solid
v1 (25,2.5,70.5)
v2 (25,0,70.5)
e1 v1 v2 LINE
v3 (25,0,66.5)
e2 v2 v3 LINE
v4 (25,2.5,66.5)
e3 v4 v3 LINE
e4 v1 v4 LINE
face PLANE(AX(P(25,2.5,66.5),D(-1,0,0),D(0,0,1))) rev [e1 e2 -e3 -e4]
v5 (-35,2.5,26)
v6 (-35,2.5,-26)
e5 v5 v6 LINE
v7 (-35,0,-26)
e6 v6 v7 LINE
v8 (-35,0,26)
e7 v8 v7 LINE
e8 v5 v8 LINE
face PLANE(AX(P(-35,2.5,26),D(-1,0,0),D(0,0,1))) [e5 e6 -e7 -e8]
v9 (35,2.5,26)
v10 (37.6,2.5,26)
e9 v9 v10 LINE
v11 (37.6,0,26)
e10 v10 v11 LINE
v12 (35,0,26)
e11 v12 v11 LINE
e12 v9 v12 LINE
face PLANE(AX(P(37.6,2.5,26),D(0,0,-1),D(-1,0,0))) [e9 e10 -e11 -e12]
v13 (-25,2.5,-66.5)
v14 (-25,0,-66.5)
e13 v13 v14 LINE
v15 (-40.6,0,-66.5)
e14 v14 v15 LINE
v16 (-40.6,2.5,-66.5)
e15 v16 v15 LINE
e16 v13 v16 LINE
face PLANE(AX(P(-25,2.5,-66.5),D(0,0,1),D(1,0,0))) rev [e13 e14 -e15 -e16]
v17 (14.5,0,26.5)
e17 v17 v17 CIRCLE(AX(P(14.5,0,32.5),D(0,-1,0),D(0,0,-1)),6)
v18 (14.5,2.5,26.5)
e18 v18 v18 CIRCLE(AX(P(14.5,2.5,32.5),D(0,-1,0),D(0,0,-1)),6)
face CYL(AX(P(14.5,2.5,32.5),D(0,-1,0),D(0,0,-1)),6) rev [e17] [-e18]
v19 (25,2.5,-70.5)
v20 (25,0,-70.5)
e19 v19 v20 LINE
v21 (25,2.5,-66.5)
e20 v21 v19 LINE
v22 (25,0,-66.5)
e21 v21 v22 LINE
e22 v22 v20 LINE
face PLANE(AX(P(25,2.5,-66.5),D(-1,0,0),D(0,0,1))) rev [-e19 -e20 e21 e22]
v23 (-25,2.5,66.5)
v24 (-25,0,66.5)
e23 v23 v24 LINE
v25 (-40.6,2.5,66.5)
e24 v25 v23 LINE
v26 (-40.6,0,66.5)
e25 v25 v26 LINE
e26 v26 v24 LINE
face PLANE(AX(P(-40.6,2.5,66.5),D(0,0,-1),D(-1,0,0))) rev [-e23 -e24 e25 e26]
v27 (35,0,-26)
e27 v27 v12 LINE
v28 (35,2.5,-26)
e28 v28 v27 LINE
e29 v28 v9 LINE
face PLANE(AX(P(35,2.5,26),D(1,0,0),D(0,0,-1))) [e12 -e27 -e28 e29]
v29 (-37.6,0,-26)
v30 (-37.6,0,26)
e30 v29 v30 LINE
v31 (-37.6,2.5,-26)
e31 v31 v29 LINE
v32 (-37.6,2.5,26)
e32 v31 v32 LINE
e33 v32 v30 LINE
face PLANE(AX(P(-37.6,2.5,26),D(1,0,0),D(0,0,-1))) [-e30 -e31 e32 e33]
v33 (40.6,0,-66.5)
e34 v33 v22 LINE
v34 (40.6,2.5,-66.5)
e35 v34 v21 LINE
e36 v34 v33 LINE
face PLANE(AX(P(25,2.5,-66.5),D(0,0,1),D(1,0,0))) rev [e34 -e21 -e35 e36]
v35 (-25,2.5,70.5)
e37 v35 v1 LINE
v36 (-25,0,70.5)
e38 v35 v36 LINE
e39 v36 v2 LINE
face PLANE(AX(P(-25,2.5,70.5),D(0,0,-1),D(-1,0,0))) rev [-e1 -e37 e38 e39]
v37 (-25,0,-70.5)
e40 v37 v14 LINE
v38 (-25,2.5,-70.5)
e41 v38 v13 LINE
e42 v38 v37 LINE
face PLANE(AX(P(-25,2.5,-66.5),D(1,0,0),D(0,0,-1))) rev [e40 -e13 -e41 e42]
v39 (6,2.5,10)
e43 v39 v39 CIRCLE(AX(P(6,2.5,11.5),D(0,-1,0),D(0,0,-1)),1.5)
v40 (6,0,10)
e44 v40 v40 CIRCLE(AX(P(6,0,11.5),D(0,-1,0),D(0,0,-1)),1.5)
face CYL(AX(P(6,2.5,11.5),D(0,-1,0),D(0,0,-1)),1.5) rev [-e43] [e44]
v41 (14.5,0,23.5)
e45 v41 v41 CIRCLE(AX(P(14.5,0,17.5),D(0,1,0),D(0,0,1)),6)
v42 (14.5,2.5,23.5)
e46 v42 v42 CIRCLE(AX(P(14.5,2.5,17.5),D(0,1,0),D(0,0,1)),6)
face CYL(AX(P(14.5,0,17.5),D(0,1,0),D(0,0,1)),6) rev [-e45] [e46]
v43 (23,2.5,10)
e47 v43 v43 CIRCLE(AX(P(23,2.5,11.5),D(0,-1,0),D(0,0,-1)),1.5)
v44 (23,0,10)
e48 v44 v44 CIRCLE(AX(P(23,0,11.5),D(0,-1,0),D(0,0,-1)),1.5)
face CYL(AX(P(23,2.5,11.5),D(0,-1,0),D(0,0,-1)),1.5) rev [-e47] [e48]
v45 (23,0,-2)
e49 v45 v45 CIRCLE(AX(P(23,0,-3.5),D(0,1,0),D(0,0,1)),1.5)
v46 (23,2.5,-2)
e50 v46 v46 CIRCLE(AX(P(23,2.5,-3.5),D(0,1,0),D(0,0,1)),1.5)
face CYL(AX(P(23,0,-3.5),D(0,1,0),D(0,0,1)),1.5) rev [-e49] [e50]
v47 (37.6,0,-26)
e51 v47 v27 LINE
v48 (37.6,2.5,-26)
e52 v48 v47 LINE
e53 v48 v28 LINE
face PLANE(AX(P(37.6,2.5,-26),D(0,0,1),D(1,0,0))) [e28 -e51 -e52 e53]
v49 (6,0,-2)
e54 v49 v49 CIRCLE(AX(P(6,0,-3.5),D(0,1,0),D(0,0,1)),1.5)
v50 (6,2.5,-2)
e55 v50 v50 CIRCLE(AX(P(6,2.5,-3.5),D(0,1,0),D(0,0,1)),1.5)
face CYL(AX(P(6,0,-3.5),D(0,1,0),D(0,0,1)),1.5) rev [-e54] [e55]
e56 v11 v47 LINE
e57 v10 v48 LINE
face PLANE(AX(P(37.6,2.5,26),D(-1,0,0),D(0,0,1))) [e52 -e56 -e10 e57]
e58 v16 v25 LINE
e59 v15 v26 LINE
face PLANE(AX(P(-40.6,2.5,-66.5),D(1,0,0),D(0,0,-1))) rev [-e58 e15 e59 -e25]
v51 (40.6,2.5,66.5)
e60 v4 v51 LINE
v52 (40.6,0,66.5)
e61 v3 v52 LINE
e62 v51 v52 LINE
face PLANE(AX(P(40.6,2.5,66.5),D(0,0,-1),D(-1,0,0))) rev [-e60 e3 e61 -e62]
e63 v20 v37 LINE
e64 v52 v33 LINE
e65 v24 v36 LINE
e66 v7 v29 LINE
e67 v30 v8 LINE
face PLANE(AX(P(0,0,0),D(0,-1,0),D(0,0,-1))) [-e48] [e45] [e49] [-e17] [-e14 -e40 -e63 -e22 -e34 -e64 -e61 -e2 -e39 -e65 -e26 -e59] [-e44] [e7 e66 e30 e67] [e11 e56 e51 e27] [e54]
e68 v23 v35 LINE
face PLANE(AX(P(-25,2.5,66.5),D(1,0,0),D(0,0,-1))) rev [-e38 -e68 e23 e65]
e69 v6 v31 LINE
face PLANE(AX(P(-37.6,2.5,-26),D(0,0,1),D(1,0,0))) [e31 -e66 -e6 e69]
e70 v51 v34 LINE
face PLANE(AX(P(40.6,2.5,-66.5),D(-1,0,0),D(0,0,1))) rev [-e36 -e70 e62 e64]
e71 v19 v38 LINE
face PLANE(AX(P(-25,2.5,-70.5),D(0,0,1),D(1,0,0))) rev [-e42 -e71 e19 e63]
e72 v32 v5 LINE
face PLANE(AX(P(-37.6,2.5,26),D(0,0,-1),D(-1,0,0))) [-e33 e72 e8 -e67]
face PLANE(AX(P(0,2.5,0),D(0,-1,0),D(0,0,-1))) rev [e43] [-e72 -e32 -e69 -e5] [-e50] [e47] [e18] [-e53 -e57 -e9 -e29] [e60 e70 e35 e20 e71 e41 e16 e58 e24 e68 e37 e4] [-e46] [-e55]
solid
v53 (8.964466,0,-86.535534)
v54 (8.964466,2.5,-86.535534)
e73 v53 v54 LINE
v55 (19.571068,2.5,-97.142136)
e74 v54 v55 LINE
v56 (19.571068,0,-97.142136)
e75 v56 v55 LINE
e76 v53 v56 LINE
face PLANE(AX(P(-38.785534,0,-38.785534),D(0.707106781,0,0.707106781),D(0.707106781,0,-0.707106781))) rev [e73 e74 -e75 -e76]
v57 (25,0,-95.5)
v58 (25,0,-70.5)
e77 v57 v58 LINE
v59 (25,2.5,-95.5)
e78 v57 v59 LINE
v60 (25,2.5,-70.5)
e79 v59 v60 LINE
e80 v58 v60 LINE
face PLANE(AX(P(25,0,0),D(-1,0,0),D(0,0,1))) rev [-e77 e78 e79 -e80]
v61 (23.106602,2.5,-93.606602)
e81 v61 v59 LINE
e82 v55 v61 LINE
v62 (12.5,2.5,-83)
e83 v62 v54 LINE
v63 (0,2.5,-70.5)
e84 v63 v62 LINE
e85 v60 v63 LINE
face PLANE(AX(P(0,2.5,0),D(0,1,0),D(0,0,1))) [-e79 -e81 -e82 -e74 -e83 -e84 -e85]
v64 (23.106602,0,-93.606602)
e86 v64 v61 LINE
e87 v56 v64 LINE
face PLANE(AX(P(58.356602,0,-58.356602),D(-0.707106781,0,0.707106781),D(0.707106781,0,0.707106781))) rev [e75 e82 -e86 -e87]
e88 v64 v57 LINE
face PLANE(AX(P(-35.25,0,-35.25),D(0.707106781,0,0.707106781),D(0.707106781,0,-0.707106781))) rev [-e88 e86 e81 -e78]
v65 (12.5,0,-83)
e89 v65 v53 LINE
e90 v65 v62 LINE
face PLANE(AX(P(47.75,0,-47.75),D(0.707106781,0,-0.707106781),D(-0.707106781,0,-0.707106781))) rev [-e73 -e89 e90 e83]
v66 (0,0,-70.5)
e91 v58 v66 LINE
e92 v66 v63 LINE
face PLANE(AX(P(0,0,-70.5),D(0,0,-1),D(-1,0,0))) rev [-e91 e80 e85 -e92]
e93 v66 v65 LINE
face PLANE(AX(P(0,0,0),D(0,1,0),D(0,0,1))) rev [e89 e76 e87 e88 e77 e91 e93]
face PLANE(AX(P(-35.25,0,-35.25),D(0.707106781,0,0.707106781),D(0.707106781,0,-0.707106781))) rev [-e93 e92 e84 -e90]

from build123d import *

# Parameters (mm, degrees)
SKETCH1_W           = 2.6
SKETCH1_H           = 52
BOSS_EXTRUDE1_DEPTH = 2.5
SKETCH2_R           = 6
CUT_EXTRUDE1_DEPTH  = 3.5
SKETCH3_R           = 1.5
CUT_EXTRUDE2_DEPTH  = 3.5
SKETCH4_R           = 6
SKETCH4_R_2         = 1.5
CUT_EXTRUDE3_DEPTH  = 3.5
BOSS_EXTRUDE2_DEPTH = 2.5


with BuildPart() as part:
    # Sketch1 → Boss-Extrude1 (new body)
    with BuildSketch(Plane(origin=(0, 0, 0), x_dir=(1, 0, 0), z_dir=(0, 1, 0))):
        Polygon((-25, 66.5), (-40.6, 66.5), (-40.6, -66.5), (-25, -66.5), (-25, -70.5), (25, -70.5), (25, -66.5), (40.6, -66.5), (40.6, 66.5), (25, 66.5), (25, 70.5), (-25, 70.5), align=None)
        with Locations((-36.3, 0)):
            Rectangle(SKETCH1_W, SKETCH1_H, mode=Mode.SUBTRACT)
        with Locations((36.3, 0)):
            Rectangle(SKETCH1_W, SKETCH1_H, mode=Mode.SUBTRACT)
    extrude(amount=BOSS_EXTRUDE1_DEPTH)

    # Sketch2 → Cut-Extrude1 (cut, through all)
    with BuildSketch(Plane.XZ):
        with Locations((14.5, 32.5)):
            Circle(SKETCH2_R)
    extrude(amount=-CUT_EXTRUDE1_DEPTH, mode=Mode.SUBTRACT)

    # Sketch3 → Cut-Extrude2 (cut, through all)
    with BuildSketch(Plane.XZ):
        with Locations((6, 11.5)):
            Circle(SKETCH3_R)
        with Locations((23, 11.5)):
            Circle(SKETCH3_R)
    extrude(amount=-CUT_EXTRUDE2_DEPTH, mode=Mode.SUBTRACT)

    # Sketch4 → Cut-Extrude3 (cut, through all)
    with BuildSketch(Plane(origin=(0, 2.5, 0), x_dir=(1, 0, 0), z_dir=(0, 1, 0))):
        with Locations((14.5, -17.5)):
            Circle(SKETCH4_R)
        with Locations((6, 3.5)):
            Circle(SKETCH4_R_2)
        with Locations((23, 3.5)):
            Circle(SKETCH4_R_2)
    extrude(amount=-CUT_EXTRUDE3_DEPTH, mode=Mode.SUBTRACT)


with BuildPart() as body_2:
    # Sketch5 → Boss-Extrude2 (new body)
    with BuildSketch(Plane(origin=(0, 2.5, 0), x_dir=(1, 0, 0), z_dir=(0, 1, 0))):
        Polygon((12.5, 83), (0, 70.5), (25, 70.5), (25, 95.5), (23.106601718, 93.606601718), (19.571067812, 97.142135624), (8.964466094, 86.535533906), align=None)
    extrude(amount=-BOSS_EXTRUDE2_DEPTH)


solid = Compound([part.part, body_2.part])
